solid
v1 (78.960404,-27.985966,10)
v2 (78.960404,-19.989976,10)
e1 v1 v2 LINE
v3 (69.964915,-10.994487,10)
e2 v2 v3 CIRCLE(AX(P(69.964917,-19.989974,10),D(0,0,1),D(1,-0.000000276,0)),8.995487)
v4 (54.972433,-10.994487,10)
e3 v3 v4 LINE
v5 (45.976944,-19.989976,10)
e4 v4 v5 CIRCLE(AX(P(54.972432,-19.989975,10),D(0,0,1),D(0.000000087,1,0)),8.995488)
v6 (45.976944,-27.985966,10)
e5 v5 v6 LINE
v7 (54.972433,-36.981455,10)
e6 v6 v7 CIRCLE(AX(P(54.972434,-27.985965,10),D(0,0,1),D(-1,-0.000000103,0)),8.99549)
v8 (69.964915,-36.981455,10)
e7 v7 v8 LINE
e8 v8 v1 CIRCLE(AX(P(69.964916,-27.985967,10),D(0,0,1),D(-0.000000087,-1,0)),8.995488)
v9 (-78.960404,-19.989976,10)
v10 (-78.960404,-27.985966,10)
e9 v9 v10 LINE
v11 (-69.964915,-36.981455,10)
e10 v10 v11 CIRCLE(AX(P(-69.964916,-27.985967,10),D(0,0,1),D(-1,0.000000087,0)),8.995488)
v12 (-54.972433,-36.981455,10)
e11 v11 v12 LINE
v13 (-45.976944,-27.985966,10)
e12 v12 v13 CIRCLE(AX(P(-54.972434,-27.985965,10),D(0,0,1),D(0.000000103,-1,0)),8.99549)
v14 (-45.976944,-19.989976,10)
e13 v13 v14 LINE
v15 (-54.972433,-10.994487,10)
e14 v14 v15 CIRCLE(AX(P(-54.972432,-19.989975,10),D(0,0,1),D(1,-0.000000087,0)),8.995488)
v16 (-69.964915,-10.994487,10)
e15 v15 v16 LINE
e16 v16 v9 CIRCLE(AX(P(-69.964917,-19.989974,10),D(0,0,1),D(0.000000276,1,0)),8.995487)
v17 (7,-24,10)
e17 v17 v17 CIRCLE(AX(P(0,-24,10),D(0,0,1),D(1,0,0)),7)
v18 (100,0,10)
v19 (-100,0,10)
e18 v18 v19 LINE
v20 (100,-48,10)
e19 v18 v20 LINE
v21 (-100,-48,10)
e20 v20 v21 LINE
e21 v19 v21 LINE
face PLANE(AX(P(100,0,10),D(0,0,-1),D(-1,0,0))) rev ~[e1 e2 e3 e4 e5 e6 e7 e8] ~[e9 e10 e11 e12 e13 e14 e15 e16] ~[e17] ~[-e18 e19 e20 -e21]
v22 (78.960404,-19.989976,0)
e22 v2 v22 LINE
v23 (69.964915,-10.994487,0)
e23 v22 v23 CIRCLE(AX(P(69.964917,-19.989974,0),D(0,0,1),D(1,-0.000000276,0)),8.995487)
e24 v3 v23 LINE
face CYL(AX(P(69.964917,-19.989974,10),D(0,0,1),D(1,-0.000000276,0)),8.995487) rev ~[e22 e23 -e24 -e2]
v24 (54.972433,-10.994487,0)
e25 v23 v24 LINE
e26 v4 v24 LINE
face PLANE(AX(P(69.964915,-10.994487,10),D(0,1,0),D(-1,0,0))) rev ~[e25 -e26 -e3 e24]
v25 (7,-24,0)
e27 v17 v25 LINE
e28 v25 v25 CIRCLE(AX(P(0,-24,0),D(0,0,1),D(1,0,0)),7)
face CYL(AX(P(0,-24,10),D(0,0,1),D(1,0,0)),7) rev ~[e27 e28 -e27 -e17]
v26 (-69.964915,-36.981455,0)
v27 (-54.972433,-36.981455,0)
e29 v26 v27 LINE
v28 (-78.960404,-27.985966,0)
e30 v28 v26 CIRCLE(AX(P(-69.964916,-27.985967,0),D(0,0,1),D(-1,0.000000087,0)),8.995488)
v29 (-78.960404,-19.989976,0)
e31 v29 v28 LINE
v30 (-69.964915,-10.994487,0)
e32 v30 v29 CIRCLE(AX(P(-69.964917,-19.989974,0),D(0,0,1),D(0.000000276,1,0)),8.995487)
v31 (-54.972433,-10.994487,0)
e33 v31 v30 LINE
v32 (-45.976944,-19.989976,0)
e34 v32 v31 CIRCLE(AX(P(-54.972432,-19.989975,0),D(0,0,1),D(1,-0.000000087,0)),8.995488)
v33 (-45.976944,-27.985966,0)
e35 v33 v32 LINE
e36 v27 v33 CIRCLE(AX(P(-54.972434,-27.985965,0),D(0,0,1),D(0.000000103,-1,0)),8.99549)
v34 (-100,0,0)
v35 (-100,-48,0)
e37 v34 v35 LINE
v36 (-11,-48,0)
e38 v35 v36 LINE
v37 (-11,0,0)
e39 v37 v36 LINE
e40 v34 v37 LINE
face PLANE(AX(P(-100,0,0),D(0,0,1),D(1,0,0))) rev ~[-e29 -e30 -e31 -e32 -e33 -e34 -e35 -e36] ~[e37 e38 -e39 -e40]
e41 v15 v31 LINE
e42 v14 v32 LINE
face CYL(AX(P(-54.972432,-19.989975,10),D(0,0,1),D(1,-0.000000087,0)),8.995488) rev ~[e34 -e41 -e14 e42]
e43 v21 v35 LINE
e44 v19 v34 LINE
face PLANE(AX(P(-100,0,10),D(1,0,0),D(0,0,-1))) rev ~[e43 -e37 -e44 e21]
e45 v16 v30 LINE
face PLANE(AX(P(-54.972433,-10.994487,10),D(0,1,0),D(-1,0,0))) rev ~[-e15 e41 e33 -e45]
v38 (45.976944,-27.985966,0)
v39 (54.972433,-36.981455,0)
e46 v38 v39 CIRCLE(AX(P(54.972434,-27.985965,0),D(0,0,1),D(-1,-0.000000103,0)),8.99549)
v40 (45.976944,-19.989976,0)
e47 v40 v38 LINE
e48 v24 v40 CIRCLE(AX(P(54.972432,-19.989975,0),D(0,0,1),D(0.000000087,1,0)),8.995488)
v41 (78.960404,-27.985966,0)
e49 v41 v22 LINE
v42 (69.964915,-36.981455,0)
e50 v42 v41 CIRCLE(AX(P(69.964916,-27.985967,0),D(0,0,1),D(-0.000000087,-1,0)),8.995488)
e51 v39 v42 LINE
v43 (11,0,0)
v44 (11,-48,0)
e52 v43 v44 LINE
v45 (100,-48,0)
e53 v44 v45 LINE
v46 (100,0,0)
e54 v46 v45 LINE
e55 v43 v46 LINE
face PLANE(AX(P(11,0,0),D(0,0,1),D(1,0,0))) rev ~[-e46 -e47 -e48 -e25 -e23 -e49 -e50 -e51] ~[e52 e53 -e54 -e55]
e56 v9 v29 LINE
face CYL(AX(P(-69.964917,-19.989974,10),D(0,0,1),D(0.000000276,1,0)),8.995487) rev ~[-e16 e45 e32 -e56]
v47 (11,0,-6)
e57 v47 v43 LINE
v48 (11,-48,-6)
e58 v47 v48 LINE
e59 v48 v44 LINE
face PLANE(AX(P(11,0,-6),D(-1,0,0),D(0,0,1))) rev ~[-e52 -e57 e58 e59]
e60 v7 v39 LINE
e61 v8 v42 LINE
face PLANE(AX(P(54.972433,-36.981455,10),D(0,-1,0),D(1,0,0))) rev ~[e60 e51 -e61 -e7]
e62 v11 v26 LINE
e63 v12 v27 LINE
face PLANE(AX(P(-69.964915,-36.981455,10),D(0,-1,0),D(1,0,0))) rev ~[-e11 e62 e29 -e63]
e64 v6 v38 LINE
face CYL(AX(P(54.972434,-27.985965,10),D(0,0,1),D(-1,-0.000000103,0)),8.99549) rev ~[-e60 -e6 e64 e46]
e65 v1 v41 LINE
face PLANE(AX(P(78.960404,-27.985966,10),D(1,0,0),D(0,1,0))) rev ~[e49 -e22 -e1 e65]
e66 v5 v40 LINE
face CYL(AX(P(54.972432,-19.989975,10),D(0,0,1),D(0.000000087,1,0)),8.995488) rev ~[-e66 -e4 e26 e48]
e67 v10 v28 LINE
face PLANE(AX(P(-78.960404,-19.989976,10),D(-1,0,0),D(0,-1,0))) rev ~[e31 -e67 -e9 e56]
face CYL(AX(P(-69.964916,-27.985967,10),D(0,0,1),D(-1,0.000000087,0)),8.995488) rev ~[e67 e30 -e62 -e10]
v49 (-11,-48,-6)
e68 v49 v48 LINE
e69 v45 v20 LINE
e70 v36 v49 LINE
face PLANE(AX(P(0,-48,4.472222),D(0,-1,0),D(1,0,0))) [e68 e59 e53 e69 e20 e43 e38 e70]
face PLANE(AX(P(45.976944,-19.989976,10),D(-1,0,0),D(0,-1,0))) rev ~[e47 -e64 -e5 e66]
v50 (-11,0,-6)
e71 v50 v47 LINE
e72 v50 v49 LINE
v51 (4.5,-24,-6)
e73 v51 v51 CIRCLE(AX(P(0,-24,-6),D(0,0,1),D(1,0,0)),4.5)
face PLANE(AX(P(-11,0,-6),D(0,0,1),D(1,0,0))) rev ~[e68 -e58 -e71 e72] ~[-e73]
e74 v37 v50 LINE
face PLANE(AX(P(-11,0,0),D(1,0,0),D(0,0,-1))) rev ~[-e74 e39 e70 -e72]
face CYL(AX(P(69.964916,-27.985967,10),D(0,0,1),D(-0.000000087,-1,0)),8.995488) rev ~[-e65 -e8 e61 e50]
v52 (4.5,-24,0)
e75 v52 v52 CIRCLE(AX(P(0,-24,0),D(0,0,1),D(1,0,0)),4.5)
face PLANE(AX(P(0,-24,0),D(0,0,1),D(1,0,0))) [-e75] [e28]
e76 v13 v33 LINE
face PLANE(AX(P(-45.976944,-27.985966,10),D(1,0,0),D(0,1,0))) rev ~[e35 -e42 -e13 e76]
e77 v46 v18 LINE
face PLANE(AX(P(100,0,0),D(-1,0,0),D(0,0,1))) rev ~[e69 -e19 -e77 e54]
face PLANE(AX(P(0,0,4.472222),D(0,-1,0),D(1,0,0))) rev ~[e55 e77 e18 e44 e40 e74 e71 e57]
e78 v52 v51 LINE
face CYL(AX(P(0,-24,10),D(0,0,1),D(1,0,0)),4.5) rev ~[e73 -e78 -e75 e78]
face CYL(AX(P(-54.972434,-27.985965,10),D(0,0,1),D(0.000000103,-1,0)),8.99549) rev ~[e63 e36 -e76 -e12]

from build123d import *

# Parameters (mm, degrees)
F1_DEPTH = 48
F3_DEPTH = 10
F2_R     = 7
F2_R_2   = 4.5
F4_DEPTH = 10
F5_DEPTH = 25


with BuildPart() as f1:
    # F0 (on Front) → F1 (new body)
    with BuildSketch(Plane.XZ):
        Polygon((-100, 0), (-11, 0), (-11, -6), (11, -6), (11, 0), (100, 0), (100, 10), (-100, 10), align=None)
    extrude(amount=F1_DEPTH)

    # F2 (on face) → F3 (cut)
    with BuildSketch(Plane.XY.offset(10)):
        with BuildLine():
            Line((-78.960404, -19.989976), (-78.960404, -27.985966))
            ThreePointArc((-78.960404, -27.985966), (-76.325687, -34.346737), (-69.964915, -36.981455))
            Line((-69.964915, -36.981455), (-54.972433, -36.981455))
            ThreePointArc((-54.972433, -36.981455), (-48.611662, -34.346737), (-45.976944, -27.985966))
            Line((-45.976944, -27.985966), (-45.976944, -19.989976))
            ThreePointArc((-45.976944, -19.989976), (-48.611662, -13.629204), (-54.972433, -10.994487))
            Line((-54.972433, -10.994487), (-69.964915, -10.994487))
            ThreePointArc((-69.964915, -10.994487), (-76.325687, -13.629204), (-78.960404, -19.989976))
        make_face()
        with BuildLine():
            ThreePointArc((45.976944, -27.985966), (48.611662, -34.346737), (54.972433, -36.981455))
            Line((54.972433, -36.981455), (69.964915, -36.981455))
            ThreePointArc((69.964915, -36.981455), (76.325687, -34.346737), (78.960404, -27.985966))
            Line((78.960404, -27.985966), (78.960404, -19.989976))
            ThreePointArc((78.960404, -19.989976), (76.325687, -13.629204), (69.964915, -10.994487))
            Line((69.964915, -10.994487), (54.972433, -10.994487))
            ThreePointArc((54.972433, -10.994487), (48.611662, -13.629204), (45.976944, -19.989976))
            Line((45.976944, -19.989976), (45.976944, -27.985966))
        make_face()
    extrude(amount=-F3_DEPTH, mode=Mode.SUBTRACT)

    # F2 (on face) → F4 (cut)
    with BuildSketch(Plane.XY.offset(10)):
        with Locations((0, -24)):
            Circle(F2_R)
        with Locations((0, -24)):
            Circle(F2_R_2, mode=Mode.SUBTRACT)
    extrude(amount=-F4_DEPTH, mode=Mode.SUBTRACT)

    # F2 (on face) → F5 (cut)
    with BuildSketch(Plane.XY.offset(10)):
        with Locations((0, -24)):
            Circle(F2_R_2)
    extrude(amount=-F5_DEPTH, mode=Mode.SUBTRACT)


solid = f1.part
